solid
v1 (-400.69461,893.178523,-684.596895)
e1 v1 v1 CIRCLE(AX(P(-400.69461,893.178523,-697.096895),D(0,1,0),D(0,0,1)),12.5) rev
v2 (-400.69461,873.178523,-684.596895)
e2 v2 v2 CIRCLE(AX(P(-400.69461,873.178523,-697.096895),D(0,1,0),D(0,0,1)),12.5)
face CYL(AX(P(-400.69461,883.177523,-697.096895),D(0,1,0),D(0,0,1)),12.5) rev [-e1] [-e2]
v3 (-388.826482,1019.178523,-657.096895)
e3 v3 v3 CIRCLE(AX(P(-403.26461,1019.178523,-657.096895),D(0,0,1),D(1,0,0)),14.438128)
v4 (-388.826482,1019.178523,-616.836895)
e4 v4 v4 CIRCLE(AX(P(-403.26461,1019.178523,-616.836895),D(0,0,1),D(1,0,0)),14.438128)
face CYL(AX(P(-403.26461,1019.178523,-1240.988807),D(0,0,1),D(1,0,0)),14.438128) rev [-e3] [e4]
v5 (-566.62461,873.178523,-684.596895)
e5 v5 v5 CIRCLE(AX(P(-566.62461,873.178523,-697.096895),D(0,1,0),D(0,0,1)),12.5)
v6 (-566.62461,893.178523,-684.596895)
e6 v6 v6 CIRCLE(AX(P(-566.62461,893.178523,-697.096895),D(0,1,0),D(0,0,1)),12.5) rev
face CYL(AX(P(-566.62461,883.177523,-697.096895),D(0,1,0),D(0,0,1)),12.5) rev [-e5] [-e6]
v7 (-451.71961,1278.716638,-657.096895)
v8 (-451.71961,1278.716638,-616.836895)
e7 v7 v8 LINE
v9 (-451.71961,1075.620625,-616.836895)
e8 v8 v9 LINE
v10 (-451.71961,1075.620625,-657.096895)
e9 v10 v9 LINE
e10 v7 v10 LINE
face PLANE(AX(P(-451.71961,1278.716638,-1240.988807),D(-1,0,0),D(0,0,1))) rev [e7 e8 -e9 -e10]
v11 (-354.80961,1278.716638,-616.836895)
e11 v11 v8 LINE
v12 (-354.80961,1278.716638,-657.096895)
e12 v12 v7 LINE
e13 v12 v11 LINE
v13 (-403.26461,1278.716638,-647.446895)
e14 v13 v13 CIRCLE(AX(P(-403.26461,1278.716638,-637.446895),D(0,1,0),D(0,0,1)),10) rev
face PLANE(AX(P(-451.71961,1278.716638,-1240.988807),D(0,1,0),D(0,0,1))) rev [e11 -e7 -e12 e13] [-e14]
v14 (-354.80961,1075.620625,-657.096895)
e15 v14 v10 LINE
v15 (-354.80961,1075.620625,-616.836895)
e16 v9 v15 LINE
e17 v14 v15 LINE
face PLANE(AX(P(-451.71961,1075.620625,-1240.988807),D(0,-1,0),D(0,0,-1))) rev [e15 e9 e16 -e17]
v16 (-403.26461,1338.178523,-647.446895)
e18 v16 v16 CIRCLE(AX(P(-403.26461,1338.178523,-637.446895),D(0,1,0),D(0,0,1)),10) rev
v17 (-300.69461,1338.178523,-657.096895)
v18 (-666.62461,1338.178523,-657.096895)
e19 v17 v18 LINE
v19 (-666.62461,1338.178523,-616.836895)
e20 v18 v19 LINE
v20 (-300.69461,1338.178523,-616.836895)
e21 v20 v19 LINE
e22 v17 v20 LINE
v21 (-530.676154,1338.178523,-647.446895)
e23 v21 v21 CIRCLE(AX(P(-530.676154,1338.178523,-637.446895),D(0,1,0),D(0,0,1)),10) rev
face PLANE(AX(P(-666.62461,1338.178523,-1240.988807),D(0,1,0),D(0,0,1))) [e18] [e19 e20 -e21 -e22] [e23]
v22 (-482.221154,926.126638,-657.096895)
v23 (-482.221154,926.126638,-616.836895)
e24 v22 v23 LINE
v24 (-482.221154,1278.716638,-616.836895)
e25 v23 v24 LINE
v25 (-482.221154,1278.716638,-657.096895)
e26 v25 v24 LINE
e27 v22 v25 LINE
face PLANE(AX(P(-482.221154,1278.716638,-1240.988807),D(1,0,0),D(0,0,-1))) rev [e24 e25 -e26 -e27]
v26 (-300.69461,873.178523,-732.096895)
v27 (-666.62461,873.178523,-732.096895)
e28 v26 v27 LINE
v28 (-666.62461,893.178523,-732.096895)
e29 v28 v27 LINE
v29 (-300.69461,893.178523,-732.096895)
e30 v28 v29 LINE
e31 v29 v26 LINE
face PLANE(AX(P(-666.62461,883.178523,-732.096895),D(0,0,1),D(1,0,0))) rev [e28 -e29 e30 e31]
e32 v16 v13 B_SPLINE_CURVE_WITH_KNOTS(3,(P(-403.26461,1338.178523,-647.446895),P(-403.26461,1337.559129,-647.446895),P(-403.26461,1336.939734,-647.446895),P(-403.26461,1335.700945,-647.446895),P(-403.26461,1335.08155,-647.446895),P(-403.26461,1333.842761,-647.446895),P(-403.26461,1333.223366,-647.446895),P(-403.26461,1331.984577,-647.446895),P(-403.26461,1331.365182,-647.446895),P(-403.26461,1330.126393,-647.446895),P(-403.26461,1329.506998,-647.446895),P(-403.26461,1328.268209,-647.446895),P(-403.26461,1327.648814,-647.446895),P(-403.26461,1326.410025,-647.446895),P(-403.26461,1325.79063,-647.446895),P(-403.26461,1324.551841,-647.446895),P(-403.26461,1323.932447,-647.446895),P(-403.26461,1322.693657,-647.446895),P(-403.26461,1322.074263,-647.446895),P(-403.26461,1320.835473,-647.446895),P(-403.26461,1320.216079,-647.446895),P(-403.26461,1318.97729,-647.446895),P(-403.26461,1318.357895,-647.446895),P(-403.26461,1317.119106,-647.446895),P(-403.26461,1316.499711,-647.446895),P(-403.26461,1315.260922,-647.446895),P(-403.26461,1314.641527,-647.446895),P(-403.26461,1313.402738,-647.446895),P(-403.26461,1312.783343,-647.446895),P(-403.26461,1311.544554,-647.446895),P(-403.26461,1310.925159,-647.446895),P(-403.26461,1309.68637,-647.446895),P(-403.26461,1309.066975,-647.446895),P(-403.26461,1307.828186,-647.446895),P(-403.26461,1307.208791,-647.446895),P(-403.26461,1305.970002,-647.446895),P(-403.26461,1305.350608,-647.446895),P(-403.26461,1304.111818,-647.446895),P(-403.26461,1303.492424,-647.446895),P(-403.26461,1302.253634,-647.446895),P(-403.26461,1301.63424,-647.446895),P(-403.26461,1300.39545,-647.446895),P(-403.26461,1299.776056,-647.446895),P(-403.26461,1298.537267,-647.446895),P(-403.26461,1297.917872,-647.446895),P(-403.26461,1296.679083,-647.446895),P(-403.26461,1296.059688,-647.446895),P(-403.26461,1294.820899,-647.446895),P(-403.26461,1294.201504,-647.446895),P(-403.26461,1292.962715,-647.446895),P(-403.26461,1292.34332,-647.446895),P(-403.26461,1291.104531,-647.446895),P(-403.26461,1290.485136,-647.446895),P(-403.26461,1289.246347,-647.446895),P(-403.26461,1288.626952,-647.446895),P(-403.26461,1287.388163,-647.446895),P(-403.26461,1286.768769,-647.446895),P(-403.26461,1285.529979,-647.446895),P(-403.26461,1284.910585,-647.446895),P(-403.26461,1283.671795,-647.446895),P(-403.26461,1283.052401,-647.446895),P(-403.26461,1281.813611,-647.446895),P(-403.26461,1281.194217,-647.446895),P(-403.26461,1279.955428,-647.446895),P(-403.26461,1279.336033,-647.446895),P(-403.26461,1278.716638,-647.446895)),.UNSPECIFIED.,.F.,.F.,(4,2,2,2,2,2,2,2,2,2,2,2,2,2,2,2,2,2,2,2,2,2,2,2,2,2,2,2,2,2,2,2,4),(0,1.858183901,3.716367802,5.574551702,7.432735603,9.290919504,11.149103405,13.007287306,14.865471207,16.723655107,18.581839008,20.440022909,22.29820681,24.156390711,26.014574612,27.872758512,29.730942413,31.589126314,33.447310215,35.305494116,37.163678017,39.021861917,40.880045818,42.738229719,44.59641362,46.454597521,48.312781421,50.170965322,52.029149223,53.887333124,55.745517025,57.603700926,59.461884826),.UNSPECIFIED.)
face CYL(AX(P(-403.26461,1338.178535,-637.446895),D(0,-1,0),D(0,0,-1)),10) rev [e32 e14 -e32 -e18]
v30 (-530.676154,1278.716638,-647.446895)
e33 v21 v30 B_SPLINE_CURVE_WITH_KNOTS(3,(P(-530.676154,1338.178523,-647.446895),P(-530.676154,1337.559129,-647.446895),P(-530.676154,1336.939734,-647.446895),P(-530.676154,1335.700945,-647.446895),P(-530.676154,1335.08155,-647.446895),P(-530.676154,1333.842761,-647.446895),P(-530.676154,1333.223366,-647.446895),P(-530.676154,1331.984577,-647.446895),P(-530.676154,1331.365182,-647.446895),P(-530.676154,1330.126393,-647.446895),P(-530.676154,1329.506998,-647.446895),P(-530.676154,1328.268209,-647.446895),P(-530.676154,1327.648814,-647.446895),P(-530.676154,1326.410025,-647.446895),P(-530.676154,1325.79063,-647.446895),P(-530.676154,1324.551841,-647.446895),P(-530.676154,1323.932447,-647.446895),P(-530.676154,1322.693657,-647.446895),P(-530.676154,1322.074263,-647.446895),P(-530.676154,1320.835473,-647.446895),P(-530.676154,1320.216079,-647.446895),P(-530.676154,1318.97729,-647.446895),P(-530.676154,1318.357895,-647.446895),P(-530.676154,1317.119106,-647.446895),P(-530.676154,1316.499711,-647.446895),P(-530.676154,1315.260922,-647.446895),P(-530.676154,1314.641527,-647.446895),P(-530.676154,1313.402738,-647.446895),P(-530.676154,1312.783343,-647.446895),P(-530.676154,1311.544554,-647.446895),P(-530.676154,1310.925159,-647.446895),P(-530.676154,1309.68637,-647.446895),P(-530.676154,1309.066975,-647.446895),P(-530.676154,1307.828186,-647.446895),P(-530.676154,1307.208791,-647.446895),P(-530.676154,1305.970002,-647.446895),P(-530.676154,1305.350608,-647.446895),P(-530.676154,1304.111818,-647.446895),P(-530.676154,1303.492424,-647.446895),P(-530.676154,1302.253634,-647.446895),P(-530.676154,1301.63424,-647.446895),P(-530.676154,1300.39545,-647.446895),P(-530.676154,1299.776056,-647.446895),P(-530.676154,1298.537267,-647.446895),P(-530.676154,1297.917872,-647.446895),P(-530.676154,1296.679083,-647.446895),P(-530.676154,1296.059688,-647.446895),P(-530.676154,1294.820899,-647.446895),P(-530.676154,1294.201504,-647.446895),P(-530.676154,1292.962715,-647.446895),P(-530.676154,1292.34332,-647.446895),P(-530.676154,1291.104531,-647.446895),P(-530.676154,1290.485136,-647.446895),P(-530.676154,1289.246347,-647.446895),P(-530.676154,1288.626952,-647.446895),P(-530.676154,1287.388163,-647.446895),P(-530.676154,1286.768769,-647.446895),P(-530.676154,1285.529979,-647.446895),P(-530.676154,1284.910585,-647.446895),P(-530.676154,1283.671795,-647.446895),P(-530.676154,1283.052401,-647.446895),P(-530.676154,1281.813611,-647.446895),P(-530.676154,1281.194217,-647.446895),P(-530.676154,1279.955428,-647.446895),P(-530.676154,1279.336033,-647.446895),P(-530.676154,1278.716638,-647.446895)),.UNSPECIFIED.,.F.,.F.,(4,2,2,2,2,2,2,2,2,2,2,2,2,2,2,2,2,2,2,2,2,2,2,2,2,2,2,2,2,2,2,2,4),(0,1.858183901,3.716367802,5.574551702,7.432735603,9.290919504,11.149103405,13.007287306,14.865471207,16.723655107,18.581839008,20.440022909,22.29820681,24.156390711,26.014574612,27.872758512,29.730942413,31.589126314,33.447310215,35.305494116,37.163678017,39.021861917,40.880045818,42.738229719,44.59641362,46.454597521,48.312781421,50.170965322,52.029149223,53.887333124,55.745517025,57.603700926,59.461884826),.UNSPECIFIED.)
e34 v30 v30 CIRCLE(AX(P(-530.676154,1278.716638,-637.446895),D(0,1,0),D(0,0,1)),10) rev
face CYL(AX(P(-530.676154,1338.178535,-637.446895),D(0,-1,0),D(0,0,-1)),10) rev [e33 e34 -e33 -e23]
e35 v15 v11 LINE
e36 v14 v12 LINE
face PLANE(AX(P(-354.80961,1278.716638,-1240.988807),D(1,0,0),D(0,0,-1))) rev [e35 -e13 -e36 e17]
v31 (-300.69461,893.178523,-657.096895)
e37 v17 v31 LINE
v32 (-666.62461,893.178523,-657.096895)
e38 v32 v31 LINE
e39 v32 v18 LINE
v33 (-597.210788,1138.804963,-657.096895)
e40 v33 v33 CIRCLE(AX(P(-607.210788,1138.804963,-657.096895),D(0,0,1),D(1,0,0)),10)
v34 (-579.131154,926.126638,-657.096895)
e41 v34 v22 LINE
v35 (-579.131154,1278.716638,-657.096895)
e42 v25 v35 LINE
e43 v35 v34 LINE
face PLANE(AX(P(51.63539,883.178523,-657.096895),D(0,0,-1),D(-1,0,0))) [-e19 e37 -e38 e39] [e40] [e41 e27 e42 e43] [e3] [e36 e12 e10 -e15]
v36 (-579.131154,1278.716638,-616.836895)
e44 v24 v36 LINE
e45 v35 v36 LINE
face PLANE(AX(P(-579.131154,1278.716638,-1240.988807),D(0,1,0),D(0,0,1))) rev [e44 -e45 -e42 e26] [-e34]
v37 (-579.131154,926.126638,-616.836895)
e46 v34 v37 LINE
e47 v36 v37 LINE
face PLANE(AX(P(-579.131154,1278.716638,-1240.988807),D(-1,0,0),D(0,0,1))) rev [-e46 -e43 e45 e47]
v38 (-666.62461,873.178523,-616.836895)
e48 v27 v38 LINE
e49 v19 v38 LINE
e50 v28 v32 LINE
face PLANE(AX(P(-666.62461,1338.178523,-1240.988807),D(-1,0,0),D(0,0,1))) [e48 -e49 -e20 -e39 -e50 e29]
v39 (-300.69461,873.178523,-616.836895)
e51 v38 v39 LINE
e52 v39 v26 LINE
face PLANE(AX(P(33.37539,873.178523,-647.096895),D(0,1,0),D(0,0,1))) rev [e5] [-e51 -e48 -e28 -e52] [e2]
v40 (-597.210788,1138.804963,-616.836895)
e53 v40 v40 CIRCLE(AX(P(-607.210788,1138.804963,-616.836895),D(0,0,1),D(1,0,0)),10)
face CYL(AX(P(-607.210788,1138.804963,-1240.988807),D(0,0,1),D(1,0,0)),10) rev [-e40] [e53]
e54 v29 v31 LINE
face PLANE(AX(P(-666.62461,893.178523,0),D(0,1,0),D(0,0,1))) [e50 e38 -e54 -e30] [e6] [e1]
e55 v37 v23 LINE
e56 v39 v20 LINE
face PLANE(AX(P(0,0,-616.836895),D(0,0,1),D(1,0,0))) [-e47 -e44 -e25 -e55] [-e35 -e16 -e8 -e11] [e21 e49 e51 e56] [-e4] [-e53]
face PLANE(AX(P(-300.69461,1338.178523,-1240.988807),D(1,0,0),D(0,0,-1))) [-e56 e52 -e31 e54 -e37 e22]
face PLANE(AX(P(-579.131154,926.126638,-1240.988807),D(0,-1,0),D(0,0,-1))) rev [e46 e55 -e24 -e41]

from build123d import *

# Parameters (mm, degrees)
SKETCH_1_W                      = 365.93
SKETCH_1_H                      = 455
SKETCH_1_R                      = 10
SKETCH_1_R_2                    = 14.438127561
SKETCH_1_W_2                    = 96.91
SKETCH_1_H_2                    = 352.59
SKETCH_1_H_3                    = 203.096012828
EXTRUDE_1_DEPTH                 = 40.26
CUT_EXTRUDE_1_REACH             = 1042.764
SKETCH_2_R                      = 10
CUT_EXTRUDE_1_DIRECTION_2_DEPTH = 1041.76399807
SKETCH_3_W                      = 365.93
SKETCH_3_H                      = 20
EXTRUDE_2_DEPTH                 = 80
CUT_EXTRUDE_2_REACH             = 1086.862
SKETCH_6_R                      = 12.5
CUT_EXTRUDE_4_DEPTH             = 1571.967331718
CUT_EXTRUDE_4_DEPTH_BACK        = 1571.967331718
SKETCH_9_W                      = 5
SKETCH_9_H                      = 20
CUT_EXTRUDE_5_DEPTH             = 1569.627549285
CUT_EXTRUDE_5_DEPTH_BACK        = 1569.627549285
SKETCH_10_W                     = 75
SKETCH_10_H                     = 10
SKETCH_11_W                     = 365.93
SKETCH_11_H                     = 115.26
SKETCH_11_R                     = 12.5
EXTRUDE_4_DEPTH                 = 10


with BuildPart() as part:
    # 草图1 → 凸台-拉伸1 (new body)
    with BuildSketch(Plane.XY.offset(-616.836895005)):
        with Locations((-483.659609698, 1110.678523142)):
            Rectangle(SKETCH_1_W, SKETCH_1_H)
        with Locations((-607.210787573, 1138.804962693)):
            Circle(SKETCH_1_R, mode=Mode.SUBTRACT)
        with Locations((-403.264609698, 1019.178523142)):
            Circle(SKETCH_1_R_2, mode=Mode.SUBTRACT)
        with Locations((-530.676153664, 1102.421638316)):
            Rectangle(SKETCH_1_W_2, SKETCH_1_H_2, mode=Mode.SUBTRACT)
        with Locations((-403.264609698, 1177.168631902)):
            Rectangle(SKETCH_1_W_2, SKETCH_1_H_3, mode=Mode.SUBTRACT)
    extrude(amount=-EXTRUDE_1_DEPTH)

    # 草图2 → 切除-拉伸1 (cut, up to next)
    with BuildSketch(Plane(origin=(0, 1338.178523142, 0), x_dir=(1, 0, 0), z_dir=(0, 1, 0)), mode=Mode.PRIVATE) as cut_extrude_1_sk1:
        with Locations(Location((-530.676153664, 637.446895005, 0), (0, 0, 90))):
            Circle(SKETCH_2_R)
    cut_extrude_1_tool1 = extrude(cut_extrude_1_sk1.sketch, amount=-CUT_EXTRUDE_1_REACH, mode=Mode.PRIVATE) & part.part
    # 草图2 → 切除-拉伸1 (cut, up to next)
    with BuildSketch(Plane(origin=(0, 1338.178523142, 0), x_dir=(1, 0, 0), z_dir=(0, 1, 0)), mode=Mode.PRIVATE) as cut_extrude_1_sk2:
        with Locations(Location((-403.264609698, 637.446895005, 0), (0, 0, 90))):
            Circle(SKETCH_2_R)
    cut_extrude_1_tool2 = extrude(cut_extrude_1_sk2.sketch, amount=-CUT_EXTRUDE_1_REACH, mode=Mode.PRIVATE) & part.part
    add(cut_extrude_1_tool1.solids().sort_by_distance((-530.676154, 1338.178523, -637.446895))[0], mode=Mode.SUBTRACT)
    add(cut_extrude_1_tool2.solids().sort_by_distance((-403.26461, 1338.178523, -637.446895))[0], mode=Mode.SUBTRACT)

    # 草图2 → 切除-拉伸1 direction 2 (cut)
    with BuildSketch(Plane(origin=(0, 1338.178523142, 0), x_dir=(1, 0, 0), z_dir=(0, 1, 0))):
        with Locations(Location((-530.676153664, 637.446895005, 0), (0, 0, 90))):
            Circle(SKETCH_2_R)
        with Locations(Location((-403.264609698, 637.446895005, 0), (0, 0, 90))):
            Circle(SKETCH_2_R)
    extrude(amount=CUT_EXTRUDE_1_DIRECTION_2_DEPTH, mode=Mode.SUBTRACT)

    # 草图3 → 凸台-拉伸2 (add)
    with BuildSketch(Plane(origin=(0, 0, -657.096895005), x_dir=(-1, 0, 0), z_dir=(0, 0, -1))):
        with Locations((483.659609698, 893.178523142)):
            Rectangle(SKETCH_3_W, SKETCH_3_H)
    extrude(amount=EXTRUDE_2_DEPTH)

    # 草图6 → 切除-拉伸2 (cut, up to next)
    with BuildSketch(Plane(origin=(0, 903.178523142, 0), x_dir=(1, 0, 0), z_dir=(0, 1, 0)), mode=Mode.PRIVATE) as cut_extrude_2_sk1:
        with Locations(Location((-566.624609698, 697.096895005, 0), (0, 0, 270))):
            Circle(SKETCH_6_R)
    cut_extrude_2_tool1 = extrude(cut_extrude_2_sk1.sketch, amount=-CUT_EXTRUDE_2_REACH, mode=Mode.PRIVATE) & part.part
    # 草图6 → 切除-拉伸2 (cut, up to next)
    with BuildSketch(Plane(origin=(0, 903.178523142, 0), x_dir=(1, 0, 0), z_dir=(0, 1, 0)), mode=Mode.PRIVATE) as cut_extrude_2_sk2:
        with Locations(Location((-400.694609698, 697.096895005, 0), (0, 0, 270))):
            Circle(SKETCH_6_R)
    cut_extrude_2_tool2 = extrude(cut_extrude_2_sk2.sketch, amount=-CUT_EXTRUDE_2_REACH, mode=Mode.PRIVATE) & part.part
    add(cut_extrude_2_tool1.solids().sort_by_distance((-566.62461, 903.178523, -697.096895))[0], mode=Mode.SUBTRACT)
    add(cut_extrude_2_tool2.solids().sort_by_distance((-400.69461, 903.178523, -697.096895))[0], mode=Mode.SUBTRACT)

    # 草图9 → 切除-拉伸4 (cut, two sides: drawn at the far end of the back side and taken through both)
    with BuildSketch(Plane(origin=(-300.694609698, 0, 0), x_dir=(0, 0, -1), z_dir=(1, 0, 0)).offset(-CUT_EXTRUDE_4_DEPTH_BACK)):
        with Locations((734.596895005, 893.178523142)):
            Rectangle(SKETCH_9_W, SKETCH_9_H)
    extrude(amount=CUT_EXTRUDE_4_DEPTH + CUT_EXTRUDE_4_DEPTH_BACK, mode=Mode.SUBTRACT)

    # 草图10 → 切除-拉伸5 (cut, two sides: drawn at the far end of the back side and taken through both)
    with BuildSketch(Plane(origin=(-300.694609698, 0, 0), x_dir=(0, 0, -1), z_dir=(1, 0, 0)).offset(-CUT_EXTRUDE_5_DEPTH_BACK)):
        with Locations((694.596895005, 898.178523142)):
            Rectangle(SKETCH_10_W, SKETCH_10_H)
    extrude(amount=CUT_EXTRUDE_5_DEPTH + CUT_EXTRUDE_5_DEPTH_BACK, mode=Mode.SUBTRACT)

    # 草图11 → 凸台-拉伸4 (add)
    with BuildSketch(Plane.XZ.offset(-883.178523142)):
        with Locations((-483.659609698, -674.466895005)):
            Rectangle(SKETCH_11_W, SKETCH_11_H)
        with Locations(Location((-400.694609698, -697.096895005, 0), (0, 0, 90))):
            Circle(SKETCH_11_R, mode=Mode.SUBTRACT)
        with Locations(Location((-566.624609698, -697.096895005, 0), (0, 0, 90))):
            Circle(SKETCH_11_R, mode=Mode.SUBTRACT)
    extrude(amount=EXTRUDE_4_DEPTH)


solid = part.part
